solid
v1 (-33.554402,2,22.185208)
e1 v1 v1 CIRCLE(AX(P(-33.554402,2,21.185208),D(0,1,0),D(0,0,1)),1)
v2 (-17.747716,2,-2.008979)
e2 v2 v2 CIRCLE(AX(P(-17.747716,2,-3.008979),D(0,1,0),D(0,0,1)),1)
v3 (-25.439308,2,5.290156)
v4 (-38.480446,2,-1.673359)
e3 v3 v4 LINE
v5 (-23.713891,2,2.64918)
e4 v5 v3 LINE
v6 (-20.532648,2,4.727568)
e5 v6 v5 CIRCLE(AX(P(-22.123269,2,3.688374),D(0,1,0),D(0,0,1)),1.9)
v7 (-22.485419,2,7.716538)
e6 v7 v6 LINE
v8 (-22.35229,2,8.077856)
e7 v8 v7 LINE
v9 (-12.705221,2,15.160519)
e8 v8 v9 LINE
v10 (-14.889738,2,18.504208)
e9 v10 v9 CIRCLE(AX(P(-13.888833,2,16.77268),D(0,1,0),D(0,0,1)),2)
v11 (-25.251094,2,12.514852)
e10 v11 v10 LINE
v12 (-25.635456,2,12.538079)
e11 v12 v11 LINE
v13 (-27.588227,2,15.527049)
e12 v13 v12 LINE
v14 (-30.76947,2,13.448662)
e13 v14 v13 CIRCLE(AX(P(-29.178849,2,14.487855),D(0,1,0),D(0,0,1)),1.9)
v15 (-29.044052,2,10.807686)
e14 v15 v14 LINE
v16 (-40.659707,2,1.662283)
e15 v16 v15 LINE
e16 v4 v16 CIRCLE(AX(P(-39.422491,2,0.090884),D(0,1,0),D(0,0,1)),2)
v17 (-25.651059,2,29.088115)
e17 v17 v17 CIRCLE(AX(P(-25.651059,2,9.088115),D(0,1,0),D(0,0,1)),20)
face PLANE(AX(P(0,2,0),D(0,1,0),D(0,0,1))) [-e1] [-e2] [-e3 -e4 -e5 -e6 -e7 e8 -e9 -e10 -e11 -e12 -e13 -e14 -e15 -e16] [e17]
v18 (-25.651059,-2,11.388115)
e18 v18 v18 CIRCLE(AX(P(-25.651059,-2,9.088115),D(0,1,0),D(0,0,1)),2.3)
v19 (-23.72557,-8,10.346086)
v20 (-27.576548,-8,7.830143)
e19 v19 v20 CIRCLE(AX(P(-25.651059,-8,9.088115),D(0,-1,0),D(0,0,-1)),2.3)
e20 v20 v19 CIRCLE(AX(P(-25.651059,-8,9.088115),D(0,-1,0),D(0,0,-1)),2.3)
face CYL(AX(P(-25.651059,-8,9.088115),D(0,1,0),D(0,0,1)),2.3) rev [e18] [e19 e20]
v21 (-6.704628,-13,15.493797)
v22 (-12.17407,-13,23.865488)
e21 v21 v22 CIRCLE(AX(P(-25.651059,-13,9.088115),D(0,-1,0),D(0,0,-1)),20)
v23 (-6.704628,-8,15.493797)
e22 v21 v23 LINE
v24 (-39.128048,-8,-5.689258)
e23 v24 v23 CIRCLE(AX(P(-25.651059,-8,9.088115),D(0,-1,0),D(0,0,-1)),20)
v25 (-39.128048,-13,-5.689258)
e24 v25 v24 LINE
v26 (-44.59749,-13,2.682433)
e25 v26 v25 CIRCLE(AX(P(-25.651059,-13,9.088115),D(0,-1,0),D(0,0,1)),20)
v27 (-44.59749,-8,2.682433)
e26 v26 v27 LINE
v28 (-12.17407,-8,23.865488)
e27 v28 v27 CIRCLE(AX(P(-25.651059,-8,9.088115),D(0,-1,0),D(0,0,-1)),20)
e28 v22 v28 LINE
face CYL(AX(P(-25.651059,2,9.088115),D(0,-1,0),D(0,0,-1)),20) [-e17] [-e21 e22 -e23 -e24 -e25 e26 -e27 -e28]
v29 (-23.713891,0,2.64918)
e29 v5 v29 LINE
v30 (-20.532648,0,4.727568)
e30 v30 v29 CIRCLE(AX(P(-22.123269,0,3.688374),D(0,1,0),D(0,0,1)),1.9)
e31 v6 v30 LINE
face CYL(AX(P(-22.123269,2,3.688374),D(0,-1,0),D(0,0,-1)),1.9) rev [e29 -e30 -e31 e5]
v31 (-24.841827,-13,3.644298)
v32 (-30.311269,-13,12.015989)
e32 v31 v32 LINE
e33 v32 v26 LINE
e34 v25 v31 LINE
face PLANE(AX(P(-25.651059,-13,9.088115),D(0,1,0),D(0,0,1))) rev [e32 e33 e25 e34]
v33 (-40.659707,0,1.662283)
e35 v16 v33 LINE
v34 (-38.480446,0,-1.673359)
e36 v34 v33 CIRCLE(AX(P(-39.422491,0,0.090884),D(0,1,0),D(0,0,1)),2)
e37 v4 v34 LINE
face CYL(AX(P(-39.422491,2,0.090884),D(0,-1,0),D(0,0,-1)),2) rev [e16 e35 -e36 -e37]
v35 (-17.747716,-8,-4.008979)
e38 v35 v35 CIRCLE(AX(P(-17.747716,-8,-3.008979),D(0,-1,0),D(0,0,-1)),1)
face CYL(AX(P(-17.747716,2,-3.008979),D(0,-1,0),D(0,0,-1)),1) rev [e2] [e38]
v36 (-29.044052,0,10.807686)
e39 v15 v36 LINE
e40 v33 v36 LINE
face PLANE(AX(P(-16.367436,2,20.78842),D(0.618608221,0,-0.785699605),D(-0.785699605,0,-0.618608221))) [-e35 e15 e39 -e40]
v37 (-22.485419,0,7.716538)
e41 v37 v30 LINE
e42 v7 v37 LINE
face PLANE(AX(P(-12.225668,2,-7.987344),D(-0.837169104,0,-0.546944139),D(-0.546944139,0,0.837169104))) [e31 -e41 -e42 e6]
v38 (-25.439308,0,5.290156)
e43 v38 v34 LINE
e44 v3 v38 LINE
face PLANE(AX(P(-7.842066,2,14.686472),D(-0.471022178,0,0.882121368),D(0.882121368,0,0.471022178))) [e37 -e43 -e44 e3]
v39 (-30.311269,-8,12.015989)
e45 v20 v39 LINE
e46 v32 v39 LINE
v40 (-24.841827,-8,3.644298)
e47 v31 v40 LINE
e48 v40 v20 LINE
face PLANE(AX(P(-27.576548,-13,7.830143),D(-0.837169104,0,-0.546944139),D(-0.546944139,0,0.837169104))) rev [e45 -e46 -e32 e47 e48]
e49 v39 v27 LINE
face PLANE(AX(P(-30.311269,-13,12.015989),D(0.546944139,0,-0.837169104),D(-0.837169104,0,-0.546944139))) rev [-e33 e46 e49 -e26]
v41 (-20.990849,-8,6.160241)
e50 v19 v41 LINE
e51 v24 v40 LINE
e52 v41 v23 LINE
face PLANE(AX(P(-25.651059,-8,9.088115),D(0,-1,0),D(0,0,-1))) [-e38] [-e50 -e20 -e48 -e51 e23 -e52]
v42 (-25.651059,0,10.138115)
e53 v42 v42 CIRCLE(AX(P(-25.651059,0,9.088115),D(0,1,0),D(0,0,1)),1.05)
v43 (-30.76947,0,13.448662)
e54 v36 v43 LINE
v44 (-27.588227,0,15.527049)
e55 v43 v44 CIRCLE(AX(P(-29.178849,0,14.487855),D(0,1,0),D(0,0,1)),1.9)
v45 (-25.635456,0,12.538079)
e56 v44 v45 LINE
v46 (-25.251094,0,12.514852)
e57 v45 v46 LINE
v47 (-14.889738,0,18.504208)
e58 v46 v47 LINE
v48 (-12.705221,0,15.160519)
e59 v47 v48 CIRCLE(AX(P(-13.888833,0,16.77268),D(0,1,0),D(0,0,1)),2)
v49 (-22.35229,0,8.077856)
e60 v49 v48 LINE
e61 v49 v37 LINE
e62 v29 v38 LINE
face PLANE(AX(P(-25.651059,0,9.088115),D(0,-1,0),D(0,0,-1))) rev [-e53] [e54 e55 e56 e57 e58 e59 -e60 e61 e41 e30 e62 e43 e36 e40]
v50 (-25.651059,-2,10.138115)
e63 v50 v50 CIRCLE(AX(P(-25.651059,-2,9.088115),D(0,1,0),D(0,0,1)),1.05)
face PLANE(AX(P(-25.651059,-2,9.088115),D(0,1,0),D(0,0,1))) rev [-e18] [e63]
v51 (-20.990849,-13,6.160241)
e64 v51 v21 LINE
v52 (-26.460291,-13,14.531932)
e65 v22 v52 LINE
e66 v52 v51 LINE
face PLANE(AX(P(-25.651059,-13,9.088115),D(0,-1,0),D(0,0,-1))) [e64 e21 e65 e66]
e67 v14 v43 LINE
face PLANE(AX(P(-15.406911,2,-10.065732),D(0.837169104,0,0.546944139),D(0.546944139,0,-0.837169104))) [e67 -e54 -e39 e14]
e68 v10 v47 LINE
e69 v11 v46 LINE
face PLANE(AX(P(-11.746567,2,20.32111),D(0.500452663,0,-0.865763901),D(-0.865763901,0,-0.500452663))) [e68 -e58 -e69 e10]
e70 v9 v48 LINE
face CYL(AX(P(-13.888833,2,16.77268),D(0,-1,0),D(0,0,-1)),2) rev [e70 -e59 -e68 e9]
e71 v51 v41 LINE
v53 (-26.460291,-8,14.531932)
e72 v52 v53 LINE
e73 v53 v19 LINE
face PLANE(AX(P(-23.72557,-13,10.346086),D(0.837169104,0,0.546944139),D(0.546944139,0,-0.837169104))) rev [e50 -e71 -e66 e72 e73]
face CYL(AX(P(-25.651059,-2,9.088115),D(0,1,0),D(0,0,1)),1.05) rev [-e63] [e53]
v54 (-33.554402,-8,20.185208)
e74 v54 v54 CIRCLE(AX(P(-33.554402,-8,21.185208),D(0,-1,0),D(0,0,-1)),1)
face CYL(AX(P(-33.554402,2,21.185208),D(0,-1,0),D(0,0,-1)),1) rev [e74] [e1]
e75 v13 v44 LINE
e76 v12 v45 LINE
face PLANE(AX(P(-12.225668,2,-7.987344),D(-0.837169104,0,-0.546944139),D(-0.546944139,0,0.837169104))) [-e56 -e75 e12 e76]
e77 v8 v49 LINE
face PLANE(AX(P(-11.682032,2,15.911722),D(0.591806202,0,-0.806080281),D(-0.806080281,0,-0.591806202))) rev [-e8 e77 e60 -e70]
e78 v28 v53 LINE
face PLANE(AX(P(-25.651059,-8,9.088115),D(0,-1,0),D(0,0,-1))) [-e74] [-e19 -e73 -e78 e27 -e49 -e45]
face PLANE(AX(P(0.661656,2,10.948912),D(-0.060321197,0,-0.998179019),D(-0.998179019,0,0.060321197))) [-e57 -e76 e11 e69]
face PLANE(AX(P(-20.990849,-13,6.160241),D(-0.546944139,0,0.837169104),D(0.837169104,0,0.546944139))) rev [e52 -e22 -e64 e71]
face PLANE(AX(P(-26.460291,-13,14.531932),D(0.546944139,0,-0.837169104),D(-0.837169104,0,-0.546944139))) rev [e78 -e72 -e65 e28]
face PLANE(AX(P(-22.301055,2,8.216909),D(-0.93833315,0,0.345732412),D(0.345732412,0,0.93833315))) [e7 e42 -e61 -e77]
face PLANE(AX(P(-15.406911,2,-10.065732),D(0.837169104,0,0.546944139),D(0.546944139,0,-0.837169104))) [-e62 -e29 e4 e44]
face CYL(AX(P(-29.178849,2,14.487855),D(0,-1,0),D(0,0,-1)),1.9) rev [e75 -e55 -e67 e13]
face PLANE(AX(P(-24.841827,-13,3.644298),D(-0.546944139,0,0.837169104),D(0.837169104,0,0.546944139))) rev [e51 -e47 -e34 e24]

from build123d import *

# Parameters (mm, degrees)
SKETCH1_R           = 20
SKETCH1_R_2         = 1
BOSS_EXTRUDE1_DEPTH = 2
SKETCH2_R           = 20
SKETCH2_R_2         = 1
SKETCH2_R_3         = 2.3
BOSS_EXTRUDE3_DEPTH = 8
BOSS_EXTRUDE4_DEPTH = 5
SKETCH4_R           = 2.3
SKETCH4_R_2         = 1.05
BOSS_EXTRUDE5_DEPTH = 2
SKETCH5_R           = 0.740059644
CUT_EXTRUDE1_DEPTH  = 6


with BuildPart() as part:
    # Sketch1 → Boss-Extrude1 (new body)
    with BuildSketch(Plane(origin=(0, 0, 0), x_dir=(1, 0, 0), z_dir=(0, 1, 0))):
        with Locations((-25.651058935, -9.088114724)):
            Circle(SKETCH1_R)
        with Locations((-17.747716132, 3.008978834)):
            Circle(SKETCH1_R_2, mode=Mode.SUBTRACT)
        with Locations((-33.554401738, -21.185208281)):
            Circle(SKETCH1_R_2, mode=Mode.SUBTRACT)
        with BuildLine():
            ThreePointArc((-20.532647943, -4.727567864), (-21.084075378, -2.097752703), (-23.713890539, -2.649180137))
            Line((-23.713890539, -2.649180137), (-25.439308031, -5.290155905))
            Line((-25.439308031, -5.290155905), (-38.480446345, 1.673359092))
            ThreePointArc((-38.480446345, 1.673359092), (-41.09682891, 1.003004634), (-40.659707143, -1.662282853))
            Line((-40.659707143, -1.662282853), (-29.044052435, -10.807685815))
            Line((-29.044052435, -10.807685815), (-30.769469927, -13.448661583))
            ThreePointArc((-30.769469927, -13.448661583), (-30.218042492, -16.078476745), (-27.588227331, -15.52704931))
            Line((-27.588227331, -15.52704931), (-25.63545633, -12.538079442))
            Line((-25.63545633, -12.538079442), (-25.251093904, -12.514851944))
            Line((-25.251093904, -12.514851944), (-14.889738345, -18.504207673))
            ThreePointArc((-14.889738345, -18.504207673), (-12.21449481, -17.866568148), (-12.705220614, -15.16051931))
            Line((-12.705220614, -15.16051931), (-22.35228997, -8.077855691))
            Line((-22.35228997, -8.077855691), (-22.485418943, -7.716537732))
            Line((-22.485418943, -7.716537732), (-20.532647943, -4.727567864))
        make_face(mode=Mode.SUBTRACT)
    extrude(amount=BOSS_EXTRUDE1_DEPTH)

    # Sketch2 → Boss-Extrude3 (add)
    with BuildSketch(Plane.XZ):
        with Locations((-25.651058935, 9.088114724)):
            Circle(SKETCH2_R)
        with Locations((-17.747716132, -3.008978834)):
            Circle(SKETCH2_R_2, mode=Mode.SUBTRACT)
        with Locations((-33.554401738, 21.185208281)):
            Circle(SKETCH2_R_2, mode=Mode.SUBTRACT)
        with Locations((-25.651058935, 9.088114724)):
            Circle(SKETCH2_R_3, mode=Mode.SUBTRACT)
    extrude(amount=BOSS_EXTRUDE3_DEPTH)

    # Sketch3 → Boss-Extrude4 (add)
    with BuildSketch(Plane.XZ.offset(8)):
        with BuildLine():
            Line((-23.725569995, 10.346086242), (-26.460290688, 14.531931764))
            Line((-26.460290688, 14.531931764), (-12.174069633, 23.865487946))
            ThreePointArc((-12.174069633, 23.865487946), (-8.907676848, 20.026997496), (-6.704628247, 15.493796903))
            Line((-6.704628247, 15.493796903), (-20.990849302, 6.160240721))
            Line((-20.990849302, 6.160240721), (-23.725569995, 10.346086242))
        make_face()
        with BuildLine():
            Line((-27.576547875, 7.830143205), (-24.841827182, 3.644297683))
            Line((-24.841827182, 3.644297683), (-39.128048237, -5.689258499))
            ThreePointArc((-39.128048237, -5.689258499), (-42.394441021, -1.850768048), (-44.597489623, 2.682432545))
            Line((-44.597489623, 2.682432545), (-30.311268568, 12.015988727))
            Line((-30.311268568, 12.015988727), (-27.576547875, 7.830143205))
        make_face()
    extrude(amount=BOSS_EXTRUDE4_DEPTH)

    # Sketch4 → Boss-Extrude5 (add)
    with BuildSketch(Plane(origin=(0, 0, 0), x_dir=(1, 0, 0), z_dir=(0, 1, 0))):
        with Locations((-25.651058935, -9.088114724)):
            Circle(SKETCH4_R)
        with Locations((-25.651058935, -9.088114724)):
            Circle(SKETCH4_R_2, mode=Mode.SUBTRACT)
    extrude(amount=-BOSS_EXTRUDE5_DEPTH)

    # Sketch5 → Cut-Extrude1 (cut)
    with BuildSketch(Plane(origin=(0, 2, 0), x_dir=(1, 0, 0), z_dir=(0, 1, 0))):
        with Locations((-20.12753999, 54.77317824)):
            Circle(SKETCH5_R)
    extrude(amount=-CUT_EXTRUDE1_DEPTH, mode=Mode.SUBTRACT)


solid = part.part
